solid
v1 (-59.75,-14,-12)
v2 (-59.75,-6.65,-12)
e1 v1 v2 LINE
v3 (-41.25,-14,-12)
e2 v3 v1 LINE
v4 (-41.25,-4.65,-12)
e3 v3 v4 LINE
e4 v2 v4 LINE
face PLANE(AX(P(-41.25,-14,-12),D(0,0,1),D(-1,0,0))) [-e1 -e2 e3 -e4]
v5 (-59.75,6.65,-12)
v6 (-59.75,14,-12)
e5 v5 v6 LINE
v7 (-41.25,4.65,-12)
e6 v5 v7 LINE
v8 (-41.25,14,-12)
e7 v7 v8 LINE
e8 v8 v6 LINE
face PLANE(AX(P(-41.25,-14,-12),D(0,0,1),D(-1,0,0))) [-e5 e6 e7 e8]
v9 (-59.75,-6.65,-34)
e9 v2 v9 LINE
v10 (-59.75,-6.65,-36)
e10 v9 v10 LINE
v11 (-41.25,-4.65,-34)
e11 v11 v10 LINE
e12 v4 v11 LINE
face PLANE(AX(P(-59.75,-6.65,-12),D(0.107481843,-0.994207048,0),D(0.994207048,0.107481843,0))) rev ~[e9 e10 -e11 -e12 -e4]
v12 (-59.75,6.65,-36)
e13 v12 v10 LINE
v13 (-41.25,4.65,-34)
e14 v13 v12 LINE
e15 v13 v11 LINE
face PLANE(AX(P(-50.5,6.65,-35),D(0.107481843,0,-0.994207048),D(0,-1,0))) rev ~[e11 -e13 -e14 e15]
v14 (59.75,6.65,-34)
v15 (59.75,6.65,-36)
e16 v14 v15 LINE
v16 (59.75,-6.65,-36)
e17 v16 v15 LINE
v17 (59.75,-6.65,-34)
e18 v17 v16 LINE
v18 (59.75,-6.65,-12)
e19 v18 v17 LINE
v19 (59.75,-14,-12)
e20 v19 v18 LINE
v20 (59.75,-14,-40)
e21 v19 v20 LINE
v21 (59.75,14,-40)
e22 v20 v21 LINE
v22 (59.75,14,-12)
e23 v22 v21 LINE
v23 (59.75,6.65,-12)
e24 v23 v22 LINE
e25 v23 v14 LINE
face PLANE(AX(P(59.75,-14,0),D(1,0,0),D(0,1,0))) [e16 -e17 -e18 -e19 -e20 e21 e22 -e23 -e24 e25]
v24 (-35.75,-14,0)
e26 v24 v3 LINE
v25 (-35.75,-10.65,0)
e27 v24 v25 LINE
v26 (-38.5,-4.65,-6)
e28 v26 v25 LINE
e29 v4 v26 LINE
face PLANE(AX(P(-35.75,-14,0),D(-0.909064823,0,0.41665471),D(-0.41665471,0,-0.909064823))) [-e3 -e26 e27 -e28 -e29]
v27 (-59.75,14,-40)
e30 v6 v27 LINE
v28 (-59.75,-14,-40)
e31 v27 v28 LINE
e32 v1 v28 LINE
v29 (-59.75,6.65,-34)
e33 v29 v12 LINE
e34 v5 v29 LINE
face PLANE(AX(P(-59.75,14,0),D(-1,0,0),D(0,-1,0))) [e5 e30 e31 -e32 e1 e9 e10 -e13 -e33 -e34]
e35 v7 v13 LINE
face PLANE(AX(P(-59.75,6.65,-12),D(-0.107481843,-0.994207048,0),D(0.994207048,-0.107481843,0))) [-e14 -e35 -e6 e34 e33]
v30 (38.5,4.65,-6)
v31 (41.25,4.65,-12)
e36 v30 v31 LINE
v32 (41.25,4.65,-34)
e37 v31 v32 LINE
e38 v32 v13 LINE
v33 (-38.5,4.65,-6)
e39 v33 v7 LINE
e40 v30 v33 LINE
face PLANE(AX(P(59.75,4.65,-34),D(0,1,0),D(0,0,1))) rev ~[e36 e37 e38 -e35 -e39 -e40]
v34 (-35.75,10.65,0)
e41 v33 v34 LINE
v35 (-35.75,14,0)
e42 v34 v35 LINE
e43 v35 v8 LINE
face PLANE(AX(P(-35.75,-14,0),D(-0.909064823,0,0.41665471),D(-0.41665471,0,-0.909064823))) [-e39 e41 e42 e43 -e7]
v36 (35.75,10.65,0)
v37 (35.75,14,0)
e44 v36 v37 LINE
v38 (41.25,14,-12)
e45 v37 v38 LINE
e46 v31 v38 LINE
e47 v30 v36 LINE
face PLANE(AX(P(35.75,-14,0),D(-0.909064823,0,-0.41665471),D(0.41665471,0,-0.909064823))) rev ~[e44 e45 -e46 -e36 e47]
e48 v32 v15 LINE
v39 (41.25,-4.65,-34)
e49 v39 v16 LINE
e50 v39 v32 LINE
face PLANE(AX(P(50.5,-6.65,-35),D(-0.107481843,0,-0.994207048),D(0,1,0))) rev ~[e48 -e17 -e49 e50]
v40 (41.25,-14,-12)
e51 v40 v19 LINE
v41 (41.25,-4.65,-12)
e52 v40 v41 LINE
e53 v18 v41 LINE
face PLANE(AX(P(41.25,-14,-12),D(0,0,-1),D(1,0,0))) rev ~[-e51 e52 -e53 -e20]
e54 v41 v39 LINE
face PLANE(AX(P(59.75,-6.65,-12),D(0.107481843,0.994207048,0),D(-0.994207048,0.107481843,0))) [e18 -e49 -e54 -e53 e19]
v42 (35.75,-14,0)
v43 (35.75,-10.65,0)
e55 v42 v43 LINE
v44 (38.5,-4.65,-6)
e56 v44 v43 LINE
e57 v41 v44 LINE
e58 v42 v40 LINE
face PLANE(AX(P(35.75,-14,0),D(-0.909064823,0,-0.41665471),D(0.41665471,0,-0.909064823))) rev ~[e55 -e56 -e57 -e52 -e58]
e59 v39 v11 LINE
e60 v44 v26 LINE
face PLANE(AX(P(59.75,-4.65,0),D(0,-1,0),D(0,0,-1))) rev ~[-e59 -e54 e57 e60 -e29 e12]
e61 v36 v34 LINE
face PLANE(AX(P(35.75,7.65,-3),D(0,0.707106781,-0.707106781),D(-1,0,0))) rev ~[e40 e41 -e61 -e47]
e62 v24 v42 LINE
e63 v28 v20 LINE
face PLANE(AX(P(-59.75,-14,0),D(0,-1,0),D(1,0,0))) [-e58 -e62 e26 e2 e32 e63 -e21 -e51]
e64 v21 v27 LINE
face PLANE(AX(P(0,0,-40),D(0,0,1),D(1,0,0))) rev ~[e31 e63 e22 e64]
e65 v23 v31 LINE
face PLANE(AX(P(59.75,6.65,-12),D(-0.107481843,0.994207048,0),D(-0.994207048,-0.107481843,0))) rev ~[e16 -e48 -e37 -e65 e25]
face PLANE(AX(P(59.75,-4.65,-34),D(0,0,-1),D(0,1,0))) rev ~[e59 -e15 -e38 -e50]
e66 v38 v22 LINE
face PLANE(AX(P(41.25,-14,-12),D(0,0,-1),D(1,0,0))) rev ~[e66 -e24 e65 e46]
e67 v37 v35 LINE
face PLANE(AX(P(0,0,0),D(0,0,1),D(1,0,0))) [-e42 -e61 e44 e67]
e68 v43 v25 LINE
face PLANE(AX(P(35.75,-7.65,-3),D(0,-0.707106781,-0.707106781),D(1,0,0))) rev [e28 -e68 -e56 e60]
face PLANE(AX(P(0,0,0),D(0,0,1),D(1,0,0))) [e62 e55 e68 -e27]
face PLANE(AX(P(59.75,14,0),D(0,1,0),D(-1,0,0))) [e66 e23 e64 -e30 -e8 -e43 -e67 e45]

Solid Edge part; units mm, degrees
sketch "Sketch1" plane through (0, 0, 0) normal (0, 0, 1) x (1, 0, 0)
  line L0 (-59.75, -14) -> (59.75, -14)
  line L1 (59.75, -14) -> (59.75, 14)
  line L2 (59.75, 14) -> (-59.75, 14)
  line L3 (-59.75, 14) -> (-59.75, -14)
extrude "Protrusion1" add sketch "Sketch1" against normal blind 40
sketch "Sketch2" plane through (0, -14, -20) normal (0, -1, 0) x (1, 0, 0)
  line L0 (-59.75, 20) -> (-41.25, 20)
  line L1 (-41.25, 20) -> (-41.25, 8)
  line L2 (-41.25, 8) -> (-59.75, 8)
  line L3 (-59.75, 8) -> (-59.75, 20)
extrude "ExtrudedCutout_1" cut sketch "Sketch2" against normal blind 28
sketch "Sketch3" plane through (0, -14, -20) normal (0, -1, 0) x (1, 0, 0)
  line L0 (59.75, 20) -> (41.25, 20)
  line L1 (41.25, 20) -> (41.25, 8)
  line L2 (41.25, 8) -> (59.75, 8)
  line L3 (59.75, 8) -> (59.75, 20)
extrude "ExtrudedCutout_2" cut sketch "Sketch3" against normal blind 28
sketch "Sketch4" plane through (0, -14, -20) normal (0, -1, 0) x (1, 0, 0)
  line L0 (41.25, 20) -> (35.75, 20)
  line L1 (35.75, 20) -> (41.25, 8)
  line L2 (41.25, 8) -> (41.25, 20)
extrude "ExtrudedCutout_3" cut sketch "Sketch4" against normal blind 28
sketch "Sketch5" plane through (0, -14, -20) normal (0, -1, 0) x (1, 0, 0)
  line L0 (-41.25, 20) -> (-35.75, 20)
  line L1 (-35.75, 20) -> (-41.25, 8)
  line L2 (-41.25, 8) -> (-41.25, 20)
extrude "ExtrudedCutout_4" cut sketch "Sketch5" against normal blind 28
sketch "Sketch6" plane through (59.75, 0, -26) normal (1, 0, 0) x (0, 1, 0)
  line L0 (-4.65, 26) -> (-4.65, -8)
  line L1 (-4.65, -8) -> (4.65, -8)
  line L2 (4.65, -8) -> (4.65, 26)
  line L3 (4.65, 26) -> (-4.65, 26)
extrude "ExtrudedCutout_5" cut sketch "Sketch6" against normal blind 119.5
chamfer "Chamfer_1" distance 6 angle 45 1 edges at (0, 4.65, 0)
chamfer "Chamfer_2" distance 6 angle 45 1 edges at (0, -4.65, 0)
sketch "Sketch7" plane through (50.5, 9.325, -12) normal (0, 0, 1) x (0, 1, 0)
  line L0 (-4.675, -9.25) -> (-2.675, -9.25)
  line L1 (-2.675, -9.25) -> (-4.675, 9.25)
  line L2 (-4.675, 9.25) -> (-4.675, -9.25)
extrude "ExtrudedCutout_6" cut sketch "Sketch7" against normal blind 22
sketch "Sketch8" plane through (50.5, -9.325, -12) normal (0, 0, 1) x (0, 1, 0)
  line L0 (4.675, -9.25) -> (2.675, -9.25)
  line L1 (2.675, -9.25) -> (4.675, 9.25)
  line L2 (4.675, 9.25) -> (4.675, -9.25)
extrude "ExtrudedCutout_7" cut sketch "Sketch8" against normal blind 22
sketch "Sketch9" plane through (-50.5, -9.325, -12) normal (0, 0, 1) x (0, 1, 0)
  line L0 (4.675, 9.25) -> (2.675, 9.25)
  line L1 (2.675, 9.25) -> (4.675, -9.25)
  line L2 (4.675, -9.25) -> (4.675, 9.25)
extrude "ExtrudedCutout_8" cut sketch "Sketch9" against normal blind 22
sketch "Sketch10" plane through (-50.5, 9.325, -12) normal (0, 0, 1) x (0, 1, 0)
  line L0 (-4.675, 9.25) -> (-2.675, 9.25)
  line L1 (-2.675, 9.25) -> (-4.675, -9.25)
  line L2 (-4.675, -9.25) -> (-4.675, 9.25)
extrude "ExtrudedCutout_9" cut sketch "Sketch10" against normal blind 22
chamfer "Chamfer_5" distance 18.5 distance2 2 1 edges at (59.75, 0, -34) measured on face at (-38.6383, -4.5663, -34)
chamfer "Chamfer_6" distance 18.5 distance2 2 1 edges at (-59.75, 0, -34) measured on face at (-41.9067, -4.5663, -34)
